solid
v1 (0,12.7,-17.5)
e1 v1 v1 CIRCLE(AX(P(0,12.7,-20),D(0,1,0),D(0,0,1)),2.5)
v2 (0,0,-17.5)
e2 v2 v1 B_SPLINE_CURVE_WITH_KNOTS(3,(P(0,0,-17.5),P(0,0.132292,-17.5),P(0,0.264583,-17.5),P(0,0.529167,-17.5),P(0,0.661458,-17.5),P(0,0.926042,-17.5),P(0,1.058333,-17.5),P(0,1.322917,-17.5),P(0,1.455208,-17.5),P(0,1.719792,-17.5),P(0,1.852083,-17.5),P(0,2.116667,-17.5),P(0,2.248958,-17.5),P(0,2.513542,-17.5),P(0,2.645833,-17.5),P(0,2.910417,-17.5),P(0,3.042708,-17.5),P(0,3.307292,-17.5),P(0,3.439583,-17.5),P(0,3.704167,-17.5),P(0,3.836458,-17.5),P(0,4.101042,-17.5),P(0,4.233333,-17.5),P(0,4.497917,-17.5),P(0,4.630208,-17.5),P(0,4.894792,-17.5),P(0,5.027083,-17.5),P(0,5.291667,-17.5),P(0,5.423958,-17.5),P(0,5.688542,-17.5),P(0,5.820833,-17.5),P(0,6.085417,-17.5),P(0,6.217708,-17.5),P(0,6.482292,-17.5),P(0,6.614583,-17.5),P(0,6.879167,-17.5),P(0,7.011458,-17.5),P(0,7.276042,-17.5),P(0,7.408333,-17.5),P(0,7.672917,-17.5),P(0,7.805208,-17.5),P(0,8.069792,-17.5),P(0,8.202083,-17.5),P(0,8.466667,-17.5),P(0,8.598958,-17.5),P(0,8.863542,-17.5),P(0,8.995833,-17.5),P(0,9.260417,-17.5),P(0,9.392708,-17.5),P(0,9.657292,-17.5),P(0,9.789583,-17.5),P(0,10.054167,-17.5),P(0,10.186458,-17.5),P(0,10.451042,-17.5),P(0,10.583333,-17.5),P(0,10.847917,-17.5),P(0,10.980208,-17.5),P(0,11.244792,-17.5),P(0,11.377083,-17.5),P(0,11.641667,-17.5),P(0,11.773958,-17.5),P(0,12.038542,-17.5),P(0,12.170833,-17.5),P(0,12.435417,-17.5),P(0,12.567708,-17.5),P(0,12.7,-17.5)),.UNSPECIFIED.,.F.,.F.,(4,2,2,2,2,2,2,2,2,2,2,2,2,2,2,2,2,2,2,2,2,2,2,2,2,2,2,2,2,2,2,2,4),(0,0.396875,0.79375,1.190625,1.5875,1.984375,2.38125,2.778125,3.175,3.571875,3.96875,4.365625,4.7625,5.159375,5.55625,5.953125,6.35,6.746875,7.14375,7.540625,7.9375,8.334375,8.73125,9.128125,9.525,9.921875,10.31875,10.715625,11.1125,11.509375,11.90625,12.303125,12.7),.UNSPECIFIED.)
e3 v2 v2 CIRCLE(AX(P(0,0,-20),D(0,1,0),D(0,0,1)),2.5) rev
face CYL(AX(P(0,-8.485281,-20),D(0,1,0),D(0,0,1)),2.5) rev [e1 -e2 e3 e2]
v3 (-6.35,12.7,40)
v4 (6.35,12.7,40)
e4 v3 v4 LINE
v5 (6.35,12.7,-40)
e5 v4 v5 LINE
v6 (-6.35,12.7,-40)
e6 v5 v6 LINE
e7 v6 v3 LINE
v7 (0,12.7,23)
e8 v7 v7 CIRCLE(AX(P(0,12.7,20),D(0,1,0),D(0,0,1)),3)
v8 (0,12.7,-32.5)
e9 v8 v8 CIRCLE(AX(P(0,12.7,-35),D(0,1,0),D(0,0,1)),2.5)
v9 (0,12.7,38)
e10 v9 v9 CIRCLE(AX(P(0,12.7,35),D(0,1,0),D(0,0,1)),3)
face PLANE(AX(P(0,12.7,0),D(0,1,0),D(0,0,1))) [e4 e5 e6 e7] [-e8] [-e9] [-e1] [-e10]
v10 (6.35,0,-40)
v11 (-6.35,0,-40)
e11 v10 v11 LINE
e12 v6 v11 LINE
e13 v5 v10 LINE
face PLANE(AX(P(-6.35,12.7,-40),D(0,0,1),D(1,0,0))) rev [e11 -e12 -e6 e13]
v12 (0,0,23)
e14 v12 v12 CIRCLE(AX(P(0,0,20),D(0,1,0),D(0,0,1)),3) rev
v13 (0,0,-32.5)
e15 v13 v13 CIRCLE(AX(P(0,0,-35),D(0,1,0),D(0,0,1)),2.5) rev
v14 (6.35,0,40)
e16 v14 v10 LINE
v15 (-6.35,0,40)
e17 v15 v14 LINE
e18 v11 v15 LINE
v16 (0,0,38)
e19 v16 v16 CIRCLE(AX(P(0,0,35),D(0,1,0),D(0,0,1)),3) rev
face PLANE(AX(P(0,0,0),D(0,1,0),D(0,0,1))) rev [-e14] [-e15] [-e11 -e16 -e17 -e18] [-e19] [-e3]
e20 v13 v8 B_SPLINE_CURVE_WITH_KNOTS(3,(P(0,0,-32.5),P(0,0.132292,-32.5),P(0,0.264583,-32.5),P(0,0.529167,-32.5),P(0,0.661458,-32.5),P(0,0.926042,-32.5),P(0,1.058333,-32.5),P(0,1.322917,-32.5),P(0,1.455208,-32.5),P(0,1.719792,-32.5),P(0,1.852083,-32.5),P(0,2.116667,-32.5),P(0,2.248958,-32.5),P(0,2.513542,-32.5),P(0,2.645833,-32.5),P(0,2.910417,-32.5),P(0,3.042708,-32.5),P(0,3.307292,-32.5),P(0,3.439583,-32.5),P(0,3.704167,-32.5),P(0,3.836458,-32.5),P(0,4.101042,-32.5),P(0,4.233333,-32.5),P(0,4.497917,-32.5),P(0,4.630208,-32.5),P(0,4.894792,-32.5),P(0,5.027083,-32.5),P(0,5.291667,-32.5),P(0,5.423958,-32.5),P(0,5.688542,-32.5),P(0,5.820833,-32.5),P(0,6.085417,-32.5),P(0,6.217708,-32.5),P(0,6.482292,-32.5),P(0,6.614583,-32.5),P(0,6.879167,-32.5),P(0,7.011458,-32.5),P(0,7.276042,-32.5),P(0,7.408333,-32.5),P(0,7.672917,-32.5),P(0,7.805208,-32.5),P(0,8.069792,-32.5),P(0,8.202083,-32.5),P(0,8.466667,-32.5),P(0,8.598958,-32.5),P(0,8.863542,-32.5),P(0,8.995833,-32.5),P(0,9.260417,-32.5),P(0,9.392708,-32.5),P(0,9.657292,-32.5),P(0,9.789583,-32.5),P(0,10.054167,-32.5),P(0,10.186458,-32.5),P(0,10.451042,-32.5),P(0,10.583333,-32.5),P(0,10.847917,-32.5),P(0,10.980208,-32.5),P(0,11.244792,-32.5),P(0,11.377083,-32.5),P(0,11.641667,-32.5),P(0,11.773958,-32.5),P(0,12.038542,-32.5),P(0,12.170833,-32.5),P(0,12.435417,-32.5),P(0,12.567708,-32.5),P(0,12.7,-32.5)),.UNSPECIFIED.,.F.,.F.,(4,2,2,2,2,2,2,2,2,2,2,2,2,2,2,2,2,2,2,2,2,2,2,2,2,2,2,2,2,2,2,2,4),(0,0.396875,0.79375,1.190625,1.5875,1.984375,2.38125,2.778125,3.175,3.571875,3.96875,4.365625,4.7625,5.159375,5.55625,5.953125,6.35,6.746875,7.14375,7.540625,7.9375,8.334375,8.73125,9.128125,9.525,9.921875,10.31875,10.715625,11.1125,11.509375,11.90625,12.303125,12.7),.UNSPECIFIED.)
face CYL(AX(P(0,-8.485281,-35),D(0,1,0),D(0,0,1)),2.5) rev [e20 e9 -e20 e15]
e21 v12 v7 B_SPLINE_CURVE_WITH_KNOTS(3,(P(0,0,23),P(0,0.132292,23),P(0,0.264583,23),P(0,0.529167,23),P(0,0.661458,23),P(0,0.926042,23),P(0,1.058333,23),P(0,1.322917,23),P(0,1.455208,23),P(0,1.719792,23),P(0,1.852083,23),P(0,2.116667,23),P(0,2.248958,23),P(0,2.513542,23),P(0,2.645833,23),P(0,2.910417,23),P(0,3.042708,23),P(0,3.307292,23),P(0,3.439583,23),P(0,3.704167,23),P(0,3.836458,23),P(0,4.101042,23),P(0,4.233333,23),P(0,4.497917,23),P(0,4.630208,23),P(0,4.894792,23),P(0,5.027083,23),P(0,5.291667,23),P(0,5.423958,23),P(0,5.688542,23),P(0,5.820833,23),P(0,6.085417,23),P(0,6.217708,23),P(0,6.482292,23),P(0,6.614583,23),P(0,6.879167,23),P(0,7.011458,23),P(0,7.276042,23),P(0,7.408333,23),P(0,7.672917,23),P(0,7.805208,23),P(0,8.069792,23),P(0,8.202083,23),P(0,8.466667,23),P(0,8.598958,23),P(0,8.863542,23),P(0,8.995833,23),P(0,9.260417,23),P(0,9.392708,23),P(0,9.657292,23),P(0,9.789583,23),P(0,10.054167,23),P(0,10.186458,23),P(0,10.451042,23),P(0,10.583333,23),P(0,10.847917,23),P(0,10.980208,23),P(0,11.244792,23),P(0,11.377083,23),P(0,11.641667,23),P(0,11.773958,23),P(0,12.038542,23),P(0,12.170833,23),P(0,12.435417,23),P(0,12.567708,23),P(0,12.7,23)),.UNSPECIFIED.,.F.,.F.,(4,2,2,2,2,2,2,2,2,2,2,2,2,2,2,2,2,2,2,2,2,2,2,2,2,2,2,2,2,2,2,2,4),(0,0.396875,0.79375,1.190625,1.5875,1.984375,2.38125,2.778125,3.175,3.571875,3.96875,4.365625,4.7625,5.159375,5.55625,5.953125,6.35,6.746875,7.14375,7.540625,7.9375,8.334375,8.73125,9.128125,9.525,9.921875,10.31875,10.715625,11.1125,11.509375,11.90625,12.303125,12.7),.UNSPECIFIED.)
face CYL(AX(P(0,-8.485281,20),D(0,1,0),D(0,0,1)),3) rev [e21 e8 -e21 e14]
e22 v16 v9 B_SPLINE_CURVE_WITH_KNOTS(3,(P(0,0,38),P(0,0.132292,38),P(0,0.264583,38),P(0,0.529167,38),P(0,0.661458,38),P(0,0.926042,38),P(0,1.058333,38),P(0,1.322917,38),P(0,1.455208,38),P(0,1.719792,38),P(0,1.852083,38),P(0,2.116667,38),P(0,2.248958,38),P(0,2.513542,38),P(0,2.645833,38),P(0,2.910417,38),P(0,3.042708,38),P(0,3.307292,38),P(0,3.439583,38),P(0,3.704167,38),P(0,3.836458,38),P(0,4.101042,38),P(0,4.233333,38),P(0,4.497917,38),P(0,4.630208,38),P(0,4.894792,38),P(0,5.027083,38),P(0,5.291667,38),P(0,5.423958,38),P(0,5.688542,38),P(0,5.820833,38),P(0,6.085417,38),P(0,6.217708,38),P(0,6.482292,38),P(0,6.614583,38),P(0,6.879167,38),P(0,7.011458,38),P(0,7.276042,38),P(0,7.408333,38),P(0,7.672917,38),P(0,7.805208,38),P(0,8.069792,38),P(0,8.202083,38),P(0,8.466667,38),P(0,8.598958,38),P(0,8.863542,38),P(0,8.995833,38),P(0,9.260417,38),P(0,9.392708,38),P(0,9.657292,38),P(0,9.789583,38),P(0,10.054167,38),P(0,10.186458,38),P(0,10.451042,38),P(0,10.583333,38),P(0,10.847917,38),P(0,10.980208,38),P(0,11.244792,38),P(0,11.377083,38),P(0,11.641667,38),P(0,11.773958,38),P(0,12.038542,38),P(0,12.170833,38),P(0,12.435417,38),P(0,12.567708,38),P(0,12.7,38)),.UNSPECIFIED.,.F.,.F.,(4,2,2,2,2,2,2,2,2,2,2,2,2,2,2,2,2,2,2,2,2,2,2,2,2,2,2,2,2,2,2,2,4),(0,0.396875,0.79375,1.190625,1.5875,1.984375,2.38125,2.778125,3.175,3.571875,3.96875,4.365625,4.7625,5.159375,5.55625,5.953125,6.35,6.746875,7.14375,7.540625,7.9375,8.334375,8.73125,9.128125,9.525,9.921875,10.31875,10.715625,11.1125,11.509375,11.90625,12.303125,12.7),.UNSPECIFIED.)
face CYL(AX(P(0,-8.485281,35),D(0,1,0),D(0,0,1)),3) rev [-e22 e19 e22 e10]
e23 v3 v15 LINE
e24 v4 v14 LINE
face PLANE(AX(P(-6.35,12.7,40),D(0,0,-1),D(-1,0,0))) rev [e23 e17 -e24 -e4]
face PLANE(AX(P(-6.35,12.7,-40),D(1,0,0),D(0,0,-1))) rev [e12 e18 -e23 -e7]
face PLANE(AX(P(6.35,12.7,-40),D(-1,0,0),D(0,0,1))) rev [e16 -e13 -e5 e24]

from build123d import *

# Parameters (mm, degrees)
SKETCH1_W           = 12.7
SKETCH1_H           = 80
BOSS_EXTRUDE1_DEPTH = 12.7
SKETCH2_R           = 2.5
SKETCH2_R_2         = 3
CUT_EXTRUDE1_DEPTH  = 12.7


with BuildPart() as part:
    # Sketch1 → Boss-Extrude1 (new body)
    with BuildSketch(Plane(origin=(0, 0, 0), x_dir=(1, 0, 0), z_dir=(0, 1, 0))):
        Rectangle(SKETCH1_W, SKETCH1_H)
    extrude(amount=BOSS_EXTRUDE1_DEPTH)

    # Sketch2 → Cut-Extrude1 (cut)
    with BuildSketch(Plane(origin=(0, 12.7, 0), x_dir=(1, 0, 0), z_dir=(0, 1, 0))):
        with Locations(Location((0, 35, 0), (0, 0, 270))):
            Circle(SKETCH2_R)
        with Locations(Location((0, 20, 0), (0, 0, 270))):
            Circle(SKETCH2_R)
        with Locations(Location((0, -20, 0), (0, 0, 270))):
            Circle(SKETCH2_R_2)
        with Locations(Location((0, -35, 0), (0, 0, 270))):
            Circle(SKETCH2_R_2)
    extrude(amount=-CUT_EXTRUDE1_DEPTH, mode=Mode.SUBTRACT)


solid = part.part
